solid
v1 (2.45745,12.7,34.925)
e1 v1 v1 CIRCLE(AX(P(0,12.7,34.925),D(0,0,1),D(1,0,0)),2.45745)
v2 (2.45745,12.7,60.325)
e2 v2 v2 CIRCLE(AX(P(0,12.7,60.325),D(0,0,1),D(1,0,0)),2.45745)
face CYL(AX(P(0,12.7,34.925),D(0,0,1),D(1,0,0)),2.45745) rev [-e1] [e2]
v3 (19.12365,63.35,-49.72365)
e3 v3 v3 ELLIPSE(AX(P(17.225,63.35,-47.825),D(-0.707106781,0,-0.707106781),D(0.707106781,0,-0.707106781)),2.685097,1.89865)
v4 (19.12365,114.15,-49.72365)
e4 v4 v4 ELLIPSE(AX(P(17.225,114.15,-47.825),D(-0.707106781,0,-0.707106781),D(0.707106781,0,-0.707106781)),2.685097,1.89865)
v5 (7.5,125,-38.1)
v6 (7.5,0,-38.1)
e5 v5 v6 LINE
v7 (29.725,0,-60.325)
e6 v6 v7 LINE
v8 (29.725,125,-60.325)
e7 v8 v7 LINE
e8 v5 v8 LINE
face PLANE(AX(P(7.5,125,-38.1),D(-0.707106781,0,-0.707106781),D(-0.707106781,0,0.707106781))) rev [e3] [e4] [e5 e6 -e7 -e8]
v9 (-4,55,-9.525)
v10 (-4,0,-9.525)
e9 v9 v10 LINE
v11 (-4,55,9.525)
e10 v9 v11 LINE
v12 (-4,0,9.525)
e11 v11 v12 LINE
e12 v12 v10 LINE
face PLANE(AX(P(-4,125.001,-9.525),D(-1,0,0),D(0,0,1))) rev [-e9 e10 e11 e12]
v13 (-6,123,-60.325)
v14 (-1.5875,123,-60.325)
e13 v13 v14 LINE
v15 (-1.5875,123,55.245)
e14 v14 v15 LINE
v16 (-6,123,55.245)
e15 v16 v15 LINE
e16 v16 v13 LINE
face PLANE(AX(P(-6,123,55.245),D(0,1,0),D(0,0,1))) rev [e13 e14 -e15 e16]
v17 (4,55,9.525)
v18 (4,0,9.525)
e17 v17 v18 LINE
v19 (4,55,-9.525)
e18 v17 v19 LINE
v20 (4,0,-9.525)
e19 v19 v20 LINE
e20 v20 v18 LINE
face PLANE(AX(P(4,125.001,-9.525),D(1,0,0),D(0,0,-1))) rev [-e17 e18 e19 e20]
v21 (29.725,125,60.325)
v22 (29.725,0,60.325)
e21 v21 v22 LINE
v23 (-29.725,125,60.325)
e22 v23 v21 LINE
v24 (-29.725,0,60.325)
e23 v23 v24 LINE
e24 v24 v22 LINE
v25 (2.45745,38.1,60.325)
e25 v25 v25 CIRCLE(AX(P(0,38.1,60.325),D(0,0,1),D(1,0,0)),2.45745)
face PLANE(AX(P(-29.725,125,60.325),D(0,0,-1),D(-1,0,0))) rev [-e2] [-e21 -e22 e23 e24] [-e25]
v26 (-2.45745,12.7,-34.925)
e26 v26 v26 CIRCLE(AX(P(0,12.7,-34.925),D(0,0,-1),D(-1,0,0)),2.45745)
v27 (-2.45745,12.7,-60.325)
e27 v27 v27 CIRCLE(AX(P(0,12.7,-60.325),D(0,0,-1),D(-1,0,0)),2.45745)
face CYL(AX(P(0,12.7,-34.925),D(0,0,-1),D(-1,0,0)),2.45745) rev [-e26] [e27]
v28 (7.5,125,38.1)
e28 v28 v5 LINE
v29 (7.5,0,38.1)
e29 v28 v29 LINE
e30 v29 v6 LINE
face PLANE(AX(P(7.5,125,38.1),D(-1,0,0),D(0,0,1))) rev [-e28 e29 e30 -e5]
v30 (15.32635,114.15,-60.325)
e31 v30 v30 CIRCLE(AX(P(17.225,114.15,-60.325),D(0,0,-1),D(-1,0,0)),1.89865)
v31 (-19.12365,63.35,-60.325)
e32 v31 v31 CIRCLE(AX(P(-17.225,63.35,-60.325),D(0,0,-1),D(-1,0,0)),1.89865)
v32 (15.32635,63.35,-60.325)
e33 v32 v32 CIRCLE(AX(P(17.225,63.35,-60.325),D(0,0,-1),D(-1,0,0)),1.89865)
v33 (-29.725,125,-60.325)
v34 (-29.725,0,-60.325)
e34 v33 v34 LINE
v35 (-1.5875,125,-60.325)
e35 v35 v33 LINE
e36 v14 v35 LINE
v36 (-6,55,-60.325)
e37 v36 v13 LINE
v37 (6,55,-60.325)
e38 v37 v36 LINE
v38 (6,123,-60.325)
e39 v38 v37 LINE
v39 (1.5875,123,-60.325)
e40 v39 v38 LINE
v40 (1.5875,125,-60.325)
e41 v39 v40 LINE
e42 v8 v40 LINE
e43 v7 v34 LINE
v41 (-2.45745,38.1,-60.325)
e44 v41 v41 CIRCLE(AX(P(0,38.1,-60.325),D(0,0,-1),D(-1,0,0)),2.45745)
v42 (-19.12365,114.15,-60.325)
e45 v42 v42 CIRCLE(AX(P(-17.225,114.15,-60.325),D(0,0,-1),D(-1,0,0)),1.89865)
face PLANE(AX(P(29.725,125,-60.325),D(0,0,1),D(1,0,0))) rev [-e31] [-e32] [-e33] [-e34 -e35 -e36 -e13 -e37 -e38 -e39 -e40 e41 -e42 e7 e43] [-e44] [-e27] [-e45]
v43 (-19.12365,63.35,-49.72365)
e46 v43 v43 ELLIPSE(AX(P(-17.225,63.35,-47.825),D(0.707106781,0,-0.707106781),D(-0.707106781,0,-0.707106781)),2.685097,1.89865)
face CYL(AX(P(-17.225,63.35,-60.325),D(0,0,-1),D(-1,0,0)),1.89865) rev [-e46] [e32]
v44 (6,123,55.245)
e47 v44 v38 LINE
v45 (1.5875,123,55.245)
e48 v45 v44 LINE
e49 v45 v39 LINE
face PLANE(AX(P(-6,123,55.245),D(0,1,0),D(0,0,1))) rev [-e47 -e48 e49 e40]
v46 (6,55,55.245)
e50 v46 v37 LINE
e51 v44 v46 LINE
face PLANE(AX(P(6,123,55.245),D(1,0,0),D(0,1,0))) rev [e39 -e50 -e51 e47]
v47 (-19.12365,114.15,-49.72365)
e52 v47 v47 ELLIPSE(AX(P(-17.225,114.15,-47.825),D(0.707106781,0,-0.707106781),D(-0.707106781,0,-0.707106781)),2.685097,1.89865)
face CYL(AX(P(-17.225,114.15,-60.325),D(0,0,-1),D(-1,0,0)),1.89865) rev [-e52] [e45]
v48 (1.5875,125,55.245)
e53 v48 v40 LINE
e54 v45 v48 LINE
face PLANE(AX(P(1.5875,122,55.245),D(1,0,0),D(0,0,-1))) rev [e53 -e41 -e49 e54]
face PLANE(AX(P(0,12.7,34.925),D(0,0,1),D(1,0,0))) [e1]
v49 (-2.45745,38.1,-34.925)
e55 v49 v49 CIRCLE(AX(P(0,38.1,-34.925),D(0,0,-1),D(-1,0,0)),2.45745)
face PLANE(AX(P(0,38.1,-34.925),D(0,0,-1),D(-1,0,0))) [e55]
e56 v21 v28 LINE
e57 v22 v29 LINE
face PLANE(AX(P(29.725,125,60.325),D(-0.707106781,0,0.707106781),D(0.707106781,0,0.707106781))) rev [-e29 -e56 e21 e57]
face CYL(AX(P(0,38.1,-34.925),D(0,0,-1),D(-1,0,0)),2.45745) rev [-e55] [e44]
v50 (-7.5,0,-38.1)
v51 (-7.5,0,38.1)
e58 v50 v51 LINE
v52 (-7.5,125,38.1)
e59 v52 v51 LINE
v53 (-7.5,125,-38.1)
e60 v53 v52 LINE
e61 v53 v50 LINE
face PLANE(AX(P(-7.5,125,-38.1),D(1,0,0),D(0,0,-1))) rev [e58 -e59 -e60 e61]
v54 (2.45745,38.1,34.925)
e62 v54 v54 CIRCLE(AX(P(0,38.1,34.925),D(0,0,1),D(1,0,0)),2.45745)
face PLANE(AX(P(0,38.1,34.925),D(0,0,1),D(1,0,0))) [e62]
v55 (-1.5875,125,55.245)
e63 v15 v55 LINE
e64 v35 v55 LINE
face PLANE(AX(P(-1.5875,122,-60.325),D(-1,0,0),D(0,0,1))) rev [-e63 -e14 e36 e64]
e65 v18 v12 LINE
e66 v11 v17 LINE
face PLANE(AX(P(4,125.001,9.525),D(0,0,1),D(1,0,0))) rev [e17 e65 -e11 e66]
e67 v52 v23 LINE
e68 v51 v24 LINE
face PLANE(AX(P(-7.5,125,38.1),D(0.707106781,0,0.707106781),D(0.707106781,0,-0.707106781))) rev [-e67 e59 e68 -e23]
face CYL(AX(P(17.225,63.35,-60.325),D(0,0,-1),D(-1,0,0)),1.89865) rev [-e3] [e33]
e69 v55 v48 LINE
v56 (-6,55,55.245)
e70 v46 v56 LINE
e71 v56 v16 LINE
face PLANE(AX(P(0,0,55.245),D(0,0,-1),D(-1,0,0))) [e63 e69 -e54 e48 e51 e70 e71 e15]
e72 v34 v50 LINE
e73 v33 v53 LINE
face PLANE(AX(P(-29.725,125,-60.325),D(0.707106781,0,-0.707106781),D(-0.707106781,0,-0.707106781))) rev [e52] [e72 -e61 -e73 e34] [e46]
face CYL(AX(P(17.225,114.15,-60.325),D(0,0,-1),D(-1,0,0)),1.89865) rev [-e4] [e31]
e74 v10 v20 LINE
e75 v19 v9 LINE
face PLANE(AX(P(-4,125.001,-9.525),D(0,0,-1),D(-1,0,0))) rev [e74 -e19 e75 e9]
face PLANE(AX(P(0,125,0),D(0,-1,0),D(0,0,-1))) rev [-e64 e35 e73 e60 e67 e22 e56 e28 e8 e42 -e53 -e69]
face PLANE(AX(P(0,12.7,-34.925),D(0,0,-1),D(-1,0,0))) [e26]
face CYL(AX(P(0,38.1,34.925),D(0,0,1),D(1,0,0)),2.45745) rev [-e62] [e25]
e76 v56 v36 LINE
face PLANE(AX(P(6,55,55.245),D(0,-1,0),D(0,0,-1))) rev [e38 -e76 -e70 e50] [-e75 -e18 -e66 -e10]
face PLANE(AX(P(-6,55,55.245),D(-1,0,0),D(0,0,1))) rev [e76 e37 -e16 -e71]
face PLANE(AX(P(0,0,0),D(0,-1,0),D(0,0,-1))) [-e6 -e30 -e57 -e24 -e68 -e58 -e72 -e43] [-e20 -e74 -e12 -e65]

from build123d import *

# Parameters (mm, degrees)
BOSS_EXTRUDE1_DEPTH            = 125
SKETCH3_W                      = 12
SKETCH3_H                      = 68
CUT_EXTRUDE1_DEPTH             = 115.57
SKETCH4_W                      = 3.175
SKETCH4_H                      = 115.57
CUT_EXTRUDE2_DEPTH             = 3
CUT_EXTRUDE3_REACH             = 143.943
SKETCH5_W                      = 8
SKETCH5_H                      = 19.05
SKETCH6_R                      = 2.45745
CUT_EXTRUDE4_DEPTH             = 25.4
CUT_EXTRUDE5_START             = -25.4
SKETCH7_R                      = 2.45745
CUT_EXTRUDE5_DEPTH             = 25.4
TAP_DRILL_FOR_10_24_TAP1_D     = 3.7973
TAP_DRILL_FOR_10_24_TAP1_DEPTH = 30
TAP_DRILL_FOR_10_24_TAP1_TIP   = 1.140824014


with BuildPart() as part:
    # Sketch1 → Boss-Extrude1 (new body)
    with BuildSketch(Plane(origin=(0, 0, 0), x_dir=(1, 0, 0), z_dir=(0, 1, 0))):
        Polygon((-29.725, -60.325), (29.725, -60.325), (7.5, -38.1), (7.5, 38.1), (29.725, 60.325), (-29.725, 60.325), (-7.5, 38.1), (-7.5, -38.1), align=None)
    extrude(amount=BOSS_EXTRUDE1_DEPTH)

    # Sketch3 → Cut-Extrude1 (cut)
    with BuildSketch(Plane(origin=(0, 0, -60.325), x_dir=(-1, 0, 0), z_dir=(0, 0, -1))):
        with Locations((0, 89)):
            Rectangle(SKETCH3_W, SKETCH3_H)
    extrude(amount=-CUT_EXTRUDE1_DEPTH, mode=Mode.SUBTRACT)

    # Sketch4 → Cut-Extrude2 (cut)
    with BuildSketch(Plane(origin=(0, 125, 0), x_dir=(1, 0, 0), z_dir=(0, 1, 0))):
        with Locations((0, 2.54)):
            Rectangle(SKETCH4_W, SKETCH4_H)
    extrude(amount=-CUT_EXTRUDE2_DEPTH, mode=Mode.SUBTRACT)

    # Sketch5 → Cut-Extrude3 (cut, up to next)
    with BuildSketch(Plane.XZ, mode=Mode.PRIVATE) as cut_extrude3_sk1:
        Rectangle(SKETCH5_W, SKETCH5_H)
    cut_extrude3_tool1 = extrude(cut_extrude3_sk1.sketch, amount=-CUT_EXTRUDE3_REACH, mode=Mode.PRIVATE) & part.part
    add(cut_extrude3_tool1.solids().sort_by_distance((0, 0, 0))[0], mode=Mode.SUBTRACT)

    # Sketch6 → Cut-Extrude4 (cut)
    with BuildSketch(Plane(origin=(0, 0, -60.325), x_dir=(-1, 0, 0), z_dir=(0, 0, -1))):
        with Locations((0, 12.7)):
            Circle(SKETCH6_R)
        with Locations((0, 38.1)):
            Circle(SKETCH6_R)
    extrude(amount=-CUT_EXTRUDE4_DEPTH, mode=Mode.SUBTRACT)

    # Sketch7 → Cut-Extrude5 (cut)
    with BuildSketch(Plane.XY.offset(60.325).offset(CUT_EXTRUDE5_START)):
        with Locations(Location((0, 38.1, 0), (0, 0, 180))):
            Circle(SKETCH7_R)
        with Locations(Location((0, 12.7, 0), (0, 0, 180))):
            Circle(SKETCH7_R)
    extrude(amount=CUT_EXTRUDE5_DEPTH, mode=Mode.SUBTRACT)

    # Tap Drill for #10-24 Tap1
    with Locations(Plane(origin=(0, 0, -60.325), x_dir=(-1, 0, 0), z_dir=(0, 0, -1))):
        with Locations((-17.225, 114.15), (-17.225, 63.35), (17.225, 114.15), (17.225, 63.35)):
            Hole(TAP_DRILL_FOR_10_24_TAP1_D / 2, depth=TAP_DRILL_FOR_10_24_TAP1_DEPTH)
            with Locations((0, 0, -(TAP_DRILL_FOR_10_24_TAP1_DEPTH + TAP_DRILL_FOR_10_24_TAP1_TIP / 2))):  # 118° drill point
                Cone(0, TAP_DRILL_FOR_10_24_TAP1_D / 2, TAP_DRILL_FOR_10_24_TAP1_TIP, mode=Mode.SUBTRACT)


solid = part.part
